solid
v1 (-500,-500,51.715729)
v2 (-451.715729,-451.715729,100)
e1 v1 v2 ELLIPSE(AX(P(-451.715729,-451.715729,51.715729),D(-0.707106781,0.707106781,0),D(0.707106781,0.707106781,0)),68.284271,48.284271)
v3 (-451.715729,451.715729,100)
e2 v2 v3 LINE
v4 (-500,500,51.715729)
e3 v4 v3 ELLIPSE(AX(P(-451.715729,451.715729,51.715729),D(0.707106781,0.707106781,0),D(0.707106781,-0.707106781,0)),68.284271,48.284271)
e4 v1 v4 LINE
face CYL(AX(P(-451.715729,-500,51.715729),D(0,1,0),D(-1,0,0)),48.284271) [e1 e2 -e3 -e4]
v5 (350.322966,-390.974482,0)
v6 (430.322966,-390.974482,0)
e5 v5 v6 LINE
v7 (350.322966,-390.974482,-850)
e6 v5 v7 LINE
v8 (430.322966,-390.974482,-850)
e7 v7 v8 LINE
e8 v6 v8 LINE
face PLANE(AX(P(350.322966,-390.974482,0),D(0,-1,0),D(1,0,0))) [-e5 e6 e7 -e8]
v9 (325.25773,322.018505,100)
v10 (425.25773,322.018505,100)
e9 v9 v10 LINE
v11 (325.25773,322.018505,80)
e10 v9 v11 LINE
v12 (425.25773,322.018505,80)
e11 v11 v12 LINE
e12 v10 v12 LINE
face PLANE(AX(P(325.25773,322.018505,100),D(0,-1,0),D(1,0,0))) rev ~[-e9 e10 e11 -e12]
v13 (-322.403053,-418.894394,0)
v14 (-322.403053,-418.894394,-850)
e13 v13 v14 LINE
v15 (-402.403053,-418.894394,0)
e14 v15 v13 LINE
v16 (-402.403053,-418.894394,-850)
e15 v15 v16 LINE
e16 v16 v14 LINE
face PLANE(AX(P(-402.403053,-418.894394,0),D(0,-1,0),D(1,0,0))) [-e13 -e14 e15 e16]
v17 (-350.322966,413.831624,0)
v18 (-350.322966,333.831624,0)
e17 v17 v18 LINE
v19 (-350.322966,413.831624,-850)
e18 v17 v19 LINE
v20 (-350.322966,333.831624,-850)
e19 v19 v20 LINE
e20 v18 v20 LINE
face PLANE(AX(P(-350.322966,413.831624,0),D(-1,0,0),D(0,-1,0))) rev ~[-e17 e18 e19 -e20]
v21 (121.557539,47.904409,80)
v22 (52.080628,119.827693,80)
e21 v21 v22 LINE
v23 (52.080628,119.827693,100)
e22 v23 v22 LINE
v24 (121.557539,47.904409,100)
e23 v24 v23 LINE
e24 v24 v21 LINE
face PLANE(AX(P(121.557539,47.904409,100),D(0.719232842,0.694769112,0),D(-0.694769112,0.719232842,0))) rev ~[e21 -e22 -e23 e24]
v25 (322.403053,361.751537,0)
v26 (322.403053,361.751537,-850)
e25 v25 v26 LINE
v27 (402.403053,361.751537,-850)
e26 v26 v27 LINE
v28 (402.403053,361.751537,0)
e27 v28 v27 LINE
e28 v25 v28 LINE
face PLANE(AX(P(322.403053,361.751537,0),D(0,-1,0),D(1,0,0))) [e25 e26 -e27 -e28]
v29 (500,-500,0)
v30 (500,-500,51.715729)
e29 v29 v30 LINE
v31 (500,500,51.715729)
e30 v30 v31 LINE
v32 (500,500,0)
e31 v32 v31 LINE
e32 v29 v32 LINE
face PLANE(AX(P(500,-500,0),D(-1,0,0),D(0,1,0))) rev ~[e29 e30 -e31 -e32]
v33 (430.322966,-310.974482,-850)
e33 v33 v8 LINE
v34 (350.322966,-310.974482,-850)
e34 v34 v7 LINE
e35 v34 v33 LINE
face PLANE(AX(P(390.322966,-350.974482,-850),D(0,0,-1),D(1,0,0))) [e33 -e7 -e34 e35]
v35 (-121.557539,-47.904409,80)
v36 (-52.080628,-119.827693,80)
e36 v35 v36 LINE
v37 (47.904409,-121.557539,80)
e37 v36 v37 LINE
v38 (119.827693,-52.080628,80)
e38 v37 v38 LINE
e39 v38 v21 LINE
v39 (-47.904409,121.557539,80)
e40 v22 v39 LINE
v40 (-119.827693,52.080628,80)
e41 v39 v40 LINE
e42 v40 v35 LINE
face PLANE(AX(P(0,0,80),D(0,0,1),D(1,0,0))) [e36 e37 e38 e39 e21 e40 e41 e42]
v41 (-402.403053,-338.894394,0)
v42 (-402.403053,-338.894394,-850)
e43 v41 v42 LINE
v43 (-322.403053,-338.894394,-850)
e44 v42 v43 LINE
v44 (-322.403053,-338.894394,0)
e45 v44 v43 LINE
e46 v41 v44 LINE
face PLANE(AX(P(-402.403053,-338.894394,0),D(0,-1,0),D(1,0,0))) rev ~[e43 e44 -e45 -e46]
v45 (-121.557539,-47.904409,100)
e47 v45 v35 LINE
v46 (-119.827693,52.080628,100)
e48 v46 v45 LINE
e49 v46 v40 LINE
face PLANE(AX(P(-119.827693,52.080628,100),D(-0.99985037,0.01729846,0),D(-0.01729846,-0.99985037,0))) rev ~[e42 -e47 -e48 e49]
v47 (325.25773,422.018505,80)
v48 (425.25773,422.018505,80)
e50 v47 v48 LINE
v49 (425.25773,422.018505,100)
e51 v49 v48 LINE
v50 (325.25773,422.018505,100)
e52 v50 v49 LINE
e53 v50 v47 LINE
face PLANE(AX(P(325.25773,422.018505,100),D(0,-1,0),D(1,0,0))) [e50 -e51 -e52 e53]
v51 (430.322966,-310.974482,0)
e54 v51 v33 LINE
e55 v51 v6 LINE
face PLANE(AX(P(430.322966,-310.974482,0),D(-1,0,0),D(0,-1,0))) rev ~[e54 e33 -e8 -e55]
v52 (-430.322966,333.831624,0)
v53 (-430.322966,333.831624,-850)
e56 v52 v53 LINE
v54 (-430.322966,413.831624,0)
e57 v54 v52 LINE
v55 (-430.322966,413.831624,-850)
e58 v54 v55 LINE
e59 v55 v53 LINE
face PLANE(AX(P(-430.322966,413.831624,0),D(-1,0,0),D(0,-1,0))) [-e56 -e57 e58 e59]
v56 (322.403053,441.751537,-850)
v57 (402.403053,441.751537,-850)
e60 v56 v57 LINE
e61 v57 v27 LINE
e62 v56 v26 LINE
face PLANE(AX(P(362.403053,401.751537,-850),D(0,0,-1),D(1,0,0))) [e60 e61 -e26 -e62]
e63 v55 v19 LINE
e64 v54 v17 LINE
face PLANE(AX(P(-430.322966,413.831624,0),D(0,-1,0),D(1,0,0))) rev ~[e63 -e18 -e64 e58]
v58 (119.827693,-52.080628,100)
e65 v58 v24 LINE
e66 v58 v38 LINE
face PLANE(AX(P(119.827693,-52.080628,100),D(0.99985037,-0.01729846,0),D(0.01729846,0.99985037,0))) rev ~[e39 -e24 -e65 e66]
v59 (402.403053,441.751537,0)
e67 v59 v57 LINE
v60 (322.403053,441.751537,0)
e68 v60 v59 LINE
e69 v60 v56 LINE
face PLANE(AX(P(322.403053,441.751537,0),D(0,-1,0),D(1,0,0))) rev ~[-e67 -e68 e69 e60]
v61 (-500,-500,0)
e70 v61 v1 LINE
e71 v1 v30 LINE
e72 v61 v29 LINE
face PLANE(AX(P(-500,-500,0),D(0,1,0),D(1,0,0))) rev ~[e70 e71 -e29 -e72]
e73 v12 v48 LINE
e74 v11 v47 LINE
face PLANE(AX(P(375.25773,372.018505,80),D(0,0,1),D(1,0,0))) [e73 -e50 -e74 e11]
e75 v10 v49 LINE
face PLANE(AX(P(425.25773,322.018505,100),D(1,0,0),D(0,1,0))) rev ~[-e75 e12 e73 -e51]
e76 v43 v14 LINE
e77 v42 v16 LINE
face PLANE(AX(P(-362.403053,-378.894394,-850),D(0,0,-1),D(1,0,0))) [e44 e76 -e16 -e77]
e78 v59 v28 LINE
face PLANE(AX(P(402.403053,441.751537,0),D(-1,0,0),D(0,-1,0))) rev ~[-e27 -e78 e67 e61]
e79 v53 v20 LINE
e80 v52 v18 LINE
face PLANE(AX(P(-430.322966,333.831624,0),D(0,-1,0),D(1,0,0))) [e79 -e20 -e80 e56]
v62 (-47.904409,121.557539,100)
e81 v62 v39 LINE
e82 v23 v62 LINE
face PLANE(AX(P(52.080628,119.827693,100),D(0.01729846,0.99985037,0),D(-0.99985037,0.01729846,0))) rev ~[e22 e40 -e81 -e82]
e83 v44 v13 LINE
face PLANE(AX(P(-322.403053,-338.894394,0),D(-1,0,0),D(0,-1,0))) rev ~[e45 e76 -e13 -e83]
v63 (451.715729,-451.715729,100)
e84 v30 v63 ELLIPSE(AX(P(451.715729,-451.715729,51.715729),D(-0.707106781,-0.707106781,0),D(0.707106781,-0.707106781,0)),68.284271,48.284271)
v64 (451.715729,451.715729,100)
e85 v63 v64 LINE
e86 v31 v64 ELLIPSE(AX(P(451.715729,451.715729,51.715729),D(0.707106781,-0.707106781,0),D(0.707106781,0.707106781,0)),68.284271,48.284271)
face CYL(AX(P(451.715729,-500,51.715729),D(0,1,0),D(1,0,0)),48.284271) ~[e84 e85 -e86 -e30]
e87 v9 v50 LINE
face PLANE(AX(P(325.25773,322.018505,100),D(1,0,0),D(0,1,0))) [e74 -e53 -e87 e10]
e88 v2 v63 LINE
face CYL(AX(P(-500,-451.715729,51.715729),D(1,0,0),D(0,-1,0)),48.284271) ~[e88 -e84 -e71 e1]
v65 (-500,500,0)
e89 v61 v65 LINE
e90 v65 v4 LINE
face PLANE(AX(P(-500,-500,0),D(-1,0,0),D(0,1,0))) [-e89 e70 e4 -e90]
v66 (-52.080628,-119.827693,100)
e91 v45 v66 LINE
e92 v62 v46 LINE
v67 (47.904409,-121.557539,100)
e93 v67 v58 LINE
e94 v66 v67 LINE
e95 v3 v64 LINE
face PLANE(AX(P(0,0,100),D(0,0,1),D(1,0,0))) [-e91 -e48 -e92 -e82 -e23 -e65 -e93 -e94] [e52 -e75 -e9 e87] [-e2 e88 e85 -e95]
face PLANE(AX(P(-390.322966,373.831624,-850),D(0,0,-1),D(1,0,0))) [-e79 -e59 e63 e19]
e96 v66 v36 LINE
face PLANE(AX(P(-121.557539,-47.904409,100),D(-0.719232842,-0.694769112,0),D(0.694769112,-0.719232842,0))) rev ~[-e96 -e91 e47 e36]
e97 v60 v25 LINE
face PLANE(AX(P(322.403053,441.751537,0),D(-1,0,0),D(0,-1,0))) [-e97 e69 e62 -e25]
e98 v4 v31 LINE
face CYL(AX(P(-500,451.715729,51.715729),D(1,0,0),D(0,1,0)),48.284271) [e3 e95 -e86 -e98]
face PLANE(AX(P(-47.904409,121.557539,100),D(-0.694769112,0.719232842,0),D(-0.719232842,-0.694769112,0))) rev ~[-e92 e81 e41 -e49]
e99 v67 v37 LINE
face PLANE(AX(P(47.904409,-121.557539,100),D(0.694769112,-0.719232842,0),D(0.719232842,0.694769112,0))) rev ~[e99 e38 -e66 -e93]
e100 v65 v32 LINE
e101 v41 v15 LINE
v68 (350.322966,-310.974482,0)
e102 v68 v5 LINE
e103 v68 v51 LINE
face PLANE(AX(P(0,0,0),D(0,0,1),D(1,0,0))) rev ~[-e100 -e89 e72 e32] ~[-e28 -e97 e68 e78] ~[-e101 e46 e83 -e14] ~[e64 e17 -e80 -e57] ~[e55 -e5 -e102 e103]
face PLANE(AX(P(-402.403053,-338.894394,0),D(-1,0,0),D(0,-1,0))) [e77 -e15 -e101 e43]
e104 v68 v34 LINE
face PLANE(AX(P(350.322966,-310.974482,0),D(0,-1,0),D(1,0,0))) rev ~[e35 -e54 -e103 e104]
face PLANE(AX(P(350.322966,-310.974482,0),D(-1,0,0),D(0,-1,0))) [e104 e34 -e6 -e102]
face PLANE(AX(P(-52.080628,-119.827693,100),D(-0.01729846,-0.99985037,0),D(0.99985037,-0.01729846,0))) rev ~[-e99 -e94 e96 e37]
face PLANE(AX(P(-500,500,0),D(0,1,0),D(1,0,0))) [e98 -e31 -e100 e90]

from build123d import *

# Parameters (mm, degrees)
F0_W     = 1000
F0_H     = 1000
F1_DEPTH = 100
F2_R     = 48.284271
F4_DEPTH = 20
F5_W     = 100
F5_H     = 100
F6_DEPTH = 20
F7_W     = 80
F7_H     = 80
F8_DEPTH = 850


with BuildPart() as f1:
    # F0 (on Top) → F1 (new body)
    with BuildSketch(Plane.XY):
        Rectangle(F0_W, F0_H)
    extrude(amount=F1_DEPTH)

    # F2
    f2_edges = [f1.edges().sort_by_distance(p)[0] for p in [
        (0, 500, 100),
        (-500, 0, 100),
        (0, -500, 100),
        (500, 0, 100),
    ]]
    fillet(f2_edges, radius=F2_R)

    # F3 (on face) → F4 (cut)
    with BuildSketch(Plane.XY.offset(100)):
        Polygon((-47.904409, 121.557539), (-119.827693, 52.080628), (-121.557539, -47.904409), (-52.080628, -119.827693), (47.904409, -121.557539), (119.827693, -52.080628), (121.557539, 47.904409), (52.080628, 119.827693), align=None)
    extrude(amount=-F4_DEPTH, mode=Mode.SUBTRACT)

    # F5 (on face) → F6 (cut)
    with BuildSketch(Plane.XY.offset(100)):
        with Locations((375.25773, 372.018505)):
            Rectangle(F5_W, F5_H)
    extrude(amount=-F6_DEPTH, mode=Mode.SUBTRACT)

    # F7 (on face) → F8 (join)
    with BuildSketch(Plane(origin=(0, 0, 0), x_dir=(1, 0, 0), z_dir=(0, 0, -1))):
        with Locations((-362.403053, 378.894394)):
            Rectangle(F7_W, F7_H)
        with Locations((390.322966, 350.974482)):
            Rectangle(F7_W, F7_H)
        with Locations((362.403053, -401.751537)):
            Rectangle(F7_W, F7_H)
        with Locations((-390.322966, -373.831624)):
            Rectangle(F7_W, F7_H)
    extrude(amount=F8_DEPTH)


solid = f1.part
